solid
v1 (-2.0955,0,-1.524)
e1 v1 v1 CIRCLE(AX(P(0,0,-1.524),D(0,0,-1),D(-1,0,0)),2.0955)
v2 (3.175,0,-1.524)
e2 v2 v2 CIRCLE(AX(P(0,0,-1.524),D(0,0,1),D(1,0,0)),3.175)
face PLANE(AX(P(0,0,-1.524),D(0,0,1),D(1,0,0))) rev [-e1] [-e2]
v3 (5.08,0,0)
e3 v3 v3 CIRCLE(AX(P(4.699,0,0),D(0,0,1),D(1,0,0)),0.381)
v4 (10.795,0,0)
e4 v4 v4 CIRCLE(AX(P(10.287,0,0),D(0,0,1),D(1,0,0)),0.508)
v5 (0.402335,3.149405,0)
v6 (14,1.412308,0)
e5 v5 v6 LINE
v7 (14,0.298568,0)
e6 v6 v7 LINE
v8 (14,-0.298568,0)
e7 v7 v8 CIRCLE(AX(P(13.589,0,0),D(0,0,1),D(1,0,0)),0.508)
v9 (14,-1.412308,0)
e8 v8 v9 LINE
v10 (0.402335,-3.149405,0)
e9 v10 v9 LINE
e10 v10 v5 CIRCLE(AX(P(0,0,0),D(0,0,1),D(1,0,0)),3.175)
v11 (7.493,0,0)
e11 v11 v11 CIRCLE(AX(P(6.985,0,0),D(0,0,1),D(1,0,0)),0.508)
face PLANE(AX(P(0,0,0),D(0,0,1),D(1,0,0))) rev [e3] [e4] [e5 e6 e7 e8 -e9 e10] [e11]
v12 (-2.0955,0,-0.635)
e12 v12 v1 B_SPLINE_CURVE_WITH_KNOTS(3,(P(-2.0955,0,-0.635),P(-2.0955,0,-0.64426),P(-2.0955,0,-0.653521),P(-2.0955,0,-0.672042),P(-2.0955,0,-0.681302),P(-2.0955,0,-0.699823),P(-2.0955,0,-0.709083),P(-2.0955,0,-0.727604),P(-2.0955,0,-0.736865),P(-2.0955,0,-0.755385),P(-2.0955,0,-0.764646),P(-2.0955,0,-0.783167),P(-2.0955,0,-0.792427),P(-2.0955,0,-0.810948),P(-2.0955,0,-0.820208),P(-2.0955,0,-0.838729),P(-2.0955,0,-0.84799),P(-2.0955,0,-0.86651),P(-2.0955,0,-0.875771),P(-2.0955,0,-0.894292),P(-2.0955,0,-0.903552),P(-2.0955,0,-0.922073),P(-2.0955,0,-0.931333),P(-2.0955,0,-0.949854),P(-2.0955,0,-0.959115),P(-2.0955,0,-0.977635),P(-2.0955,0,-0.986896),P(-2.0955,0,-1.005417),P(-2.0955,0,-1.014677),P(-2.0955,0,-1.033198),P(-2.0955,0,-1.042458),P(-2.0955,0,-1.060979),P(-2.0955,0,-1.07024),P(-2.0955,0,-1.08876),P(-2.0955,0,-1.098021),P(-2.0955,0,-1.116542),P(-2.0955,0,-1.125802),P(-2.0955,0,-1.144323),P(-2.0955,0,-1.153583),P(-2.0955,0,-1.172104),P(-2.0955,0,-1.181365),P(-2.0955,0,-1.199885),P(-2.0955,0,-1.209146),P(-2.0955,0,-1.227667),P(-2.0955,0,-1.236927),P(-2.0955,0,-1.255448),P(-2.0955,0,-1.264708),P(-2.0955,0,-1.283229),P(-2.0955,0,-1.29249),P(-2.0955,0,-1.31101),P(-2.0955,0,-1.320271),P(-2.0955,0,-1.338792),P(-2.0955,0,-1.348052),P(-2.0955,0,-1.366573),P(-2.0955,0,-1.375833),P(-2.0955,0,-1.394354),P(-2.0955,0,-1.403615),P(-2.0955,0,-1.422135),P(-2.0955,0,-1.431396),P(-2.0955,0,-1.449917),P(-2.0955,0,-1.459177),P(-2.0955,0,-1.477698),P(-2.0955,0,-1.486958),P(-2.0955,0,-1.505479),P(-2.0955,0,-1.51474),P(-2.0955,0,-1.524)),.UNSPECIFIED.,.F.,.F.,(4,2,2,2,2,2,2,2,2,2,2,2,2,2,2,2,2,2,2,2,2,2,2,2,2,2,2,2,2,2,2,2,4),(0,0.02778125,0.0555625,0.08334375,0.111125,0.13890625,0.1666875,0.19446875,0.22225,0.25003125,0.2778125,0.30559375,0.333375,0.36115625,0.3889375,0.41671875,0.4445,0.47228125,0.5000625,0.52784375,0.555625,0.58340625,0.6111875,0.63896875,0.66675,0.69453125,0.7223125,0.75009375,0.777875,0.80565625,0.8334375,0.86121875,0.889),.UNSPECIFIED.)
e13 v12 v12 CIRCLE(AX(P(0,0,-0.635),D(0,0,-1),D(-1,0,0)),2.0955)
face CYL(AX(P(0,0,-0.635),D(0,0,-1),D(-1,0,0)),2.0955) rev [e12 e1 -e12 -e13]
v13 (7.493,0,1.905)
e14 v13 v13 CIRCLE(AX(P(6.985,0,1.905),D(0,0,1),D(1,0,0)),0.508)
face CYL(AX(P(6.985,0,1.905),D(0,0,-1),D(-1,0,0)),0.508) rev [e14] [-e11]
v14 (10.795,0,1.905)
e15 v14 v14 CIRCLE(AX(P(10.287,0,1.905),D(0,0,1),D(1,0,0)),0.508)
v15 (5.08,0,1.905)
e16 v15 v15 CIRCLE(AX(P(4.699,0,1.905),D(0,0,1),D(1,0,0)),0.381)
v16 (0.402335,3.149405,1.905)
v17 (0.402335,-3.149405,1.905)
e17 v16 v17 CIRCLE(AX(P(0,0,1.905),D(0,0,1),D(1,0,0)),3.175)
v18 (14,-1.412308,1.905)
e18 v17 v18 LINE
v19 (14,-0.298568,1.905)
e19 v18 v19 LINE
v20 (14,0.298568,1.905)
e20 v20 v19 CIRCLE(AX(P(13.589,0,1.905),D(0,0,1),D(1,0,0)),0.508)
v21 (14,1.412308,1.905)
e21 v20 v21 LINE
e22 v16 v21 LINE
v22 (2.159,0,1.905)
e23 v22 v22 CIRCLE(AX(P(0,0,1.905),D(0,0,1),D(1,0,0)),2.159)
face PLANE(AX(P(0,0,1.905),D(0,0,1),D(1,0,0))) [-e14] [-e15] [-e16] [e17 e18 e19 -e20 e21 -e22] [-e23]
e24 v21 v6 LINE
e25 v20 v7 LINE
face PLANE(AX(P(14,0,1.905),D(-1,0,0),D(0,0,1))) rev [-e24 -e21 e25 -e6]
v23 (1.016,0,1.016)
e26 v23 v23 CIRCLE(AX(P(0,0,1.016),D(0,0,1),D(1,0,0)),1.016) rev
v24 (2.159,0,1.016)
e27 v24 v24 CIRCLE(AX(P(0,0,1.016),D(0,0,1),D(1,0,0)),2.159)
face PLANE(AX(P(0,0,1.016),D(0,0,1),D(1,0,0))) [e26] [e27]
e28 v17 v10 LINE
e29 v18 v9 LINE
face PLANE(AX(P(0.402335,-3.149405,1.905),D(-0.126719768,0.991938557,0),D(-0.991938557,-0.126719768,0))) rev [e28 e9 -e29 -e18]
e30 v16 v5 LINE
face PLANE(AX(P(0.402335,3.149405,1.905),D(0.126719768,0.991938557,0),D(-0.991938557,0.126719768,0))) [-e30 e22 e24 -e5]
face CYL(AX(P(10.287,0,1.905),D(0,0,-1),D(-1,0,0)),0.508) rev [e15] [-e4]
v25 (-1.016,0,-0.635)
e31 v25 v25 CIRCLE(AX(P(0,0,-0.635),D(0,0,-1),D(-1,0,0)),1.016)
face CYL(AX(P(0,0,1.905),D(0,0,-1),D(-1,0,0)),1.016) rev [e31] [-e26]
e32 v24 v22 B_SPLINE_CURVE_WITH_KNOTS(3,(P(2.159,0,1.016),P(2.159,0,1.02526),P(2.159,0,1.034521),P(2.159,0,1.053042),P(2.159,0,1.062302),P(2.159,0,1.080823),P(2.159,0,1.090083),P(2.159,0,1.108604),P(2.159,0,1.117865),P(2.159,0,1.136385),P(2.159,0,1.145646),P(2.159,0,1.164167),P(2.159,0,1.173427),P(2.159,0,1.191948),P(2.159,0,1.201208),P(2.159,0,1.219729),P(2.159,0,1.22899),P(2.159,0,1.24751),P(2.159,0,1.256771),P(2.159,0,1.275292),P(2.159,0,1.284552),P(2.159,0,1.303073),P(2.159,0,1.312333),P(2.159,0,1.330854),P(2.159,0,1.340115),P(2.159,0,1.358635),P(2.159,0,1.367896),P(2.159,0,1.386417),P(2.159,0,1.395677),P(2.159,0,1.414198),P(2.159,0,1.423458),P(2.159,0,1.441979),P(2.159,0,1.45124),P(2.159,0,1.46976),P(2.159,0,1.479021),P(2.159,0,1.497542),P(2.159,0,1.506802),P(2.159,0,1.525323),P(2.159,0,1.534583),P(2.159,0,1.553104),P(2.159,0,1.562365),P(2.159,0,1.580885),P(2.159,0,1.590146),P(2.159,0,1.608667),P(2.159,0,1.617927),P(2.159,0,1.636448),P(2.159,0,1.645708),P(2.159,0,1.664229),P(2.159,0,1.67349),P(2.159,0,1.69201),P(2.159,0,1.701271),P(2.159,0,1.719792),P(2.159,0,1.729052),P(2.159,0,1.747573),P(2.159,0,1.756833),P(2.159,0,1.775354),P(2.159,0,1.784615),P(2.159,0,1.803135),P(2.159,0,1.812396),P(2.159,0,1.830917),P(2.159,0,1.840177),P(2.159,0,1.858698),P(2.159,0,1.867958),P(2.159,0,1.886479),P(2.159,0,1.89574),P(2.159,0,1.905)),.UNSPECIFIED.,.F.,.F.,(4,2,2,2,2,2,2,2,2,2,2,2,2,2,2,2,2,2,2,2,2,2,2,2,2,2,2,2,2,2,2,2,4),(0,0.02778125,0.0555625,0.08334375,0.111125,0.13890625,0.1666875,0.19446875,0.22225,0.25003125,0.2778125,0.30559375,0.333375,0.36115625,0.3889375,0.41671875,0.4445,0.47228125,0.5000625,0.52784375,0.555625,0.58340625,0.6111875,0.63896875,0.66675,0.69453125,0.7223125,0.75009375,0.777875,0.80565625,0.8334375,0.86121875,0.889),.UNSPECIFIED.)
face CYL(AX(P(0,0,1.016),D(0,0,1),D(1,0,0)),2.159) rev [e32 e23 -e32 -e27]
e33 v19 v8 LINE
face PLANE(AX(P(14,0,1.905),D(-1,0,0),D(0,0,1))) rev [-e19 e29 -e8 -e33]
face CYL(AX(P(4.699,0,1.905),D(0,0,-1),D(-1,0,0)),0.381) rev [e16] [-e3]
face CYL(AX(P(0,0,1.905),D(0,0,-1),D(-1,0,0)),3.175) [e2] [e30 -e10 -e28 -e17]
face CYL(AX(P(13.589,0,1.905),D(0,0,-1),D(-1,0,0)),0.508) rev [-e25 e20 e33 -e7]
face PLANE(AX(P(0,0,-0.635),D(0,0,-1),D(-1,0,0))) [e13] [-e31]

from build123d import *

# Parameters (mm, degrees)
SKETCH1_R               = 0.508
SKETCH1_R_2             = 0.381
SKETCH1_R_3             = 1.016
BOSS_EXTRUDE1_DEPTH     = 1.905
BOSS_EXTRUDE2_START     = -1.524
SKETCH1_3_R             = 3.175
SKETCH1_3_R_2           = 1.016
BOSS_EXTRUDE2_DEPTH     = 1.524
CUT_EXTRUDE1_START      = -0.889
SKETCH2_R               = 2.158999876
SKETCH2_R_2             = 1.016
CUT_EXTRUDE1_DEPTH      = 0.889
SKETCH4_R               = 2.095500003
SKETCH4_R_2             = 1.016
CUT_EXTRUDE2_DEPTH      = 0.889
CUT_EXTRUDE3_DEPTH      = 19.858264168
CUT_EXTRUDE3_DEPTH_BACK = 19.858264168
SKETCH5_R               = 0.508


with BuildPart() as part:
    # Sketch1 → Boss-Extrude1 (new body)
    with BuildSketch(Plane.XY):
        with BuildLine():
            Line((17.659400579, 0.944821475), (0.402335264, 3.149404918))
            ThreePointArc((0.402335264, 3.149404918), (-3.175, 0), (0.402335264, -3.149404918))
            Line((0.402335264, -3.149404918), (17.659400579, -0.944821475))
            ThreePointArc((17.659400579, -0.944821475), (18.4912, 0), (17.659400579, 0.944821475))
        make_face()
        with Locations((16.891, 0)):
            Circle(SKETCH1_R, mode=Mode.SUBTRACT)
        with Locations((4.699, 0)):
            Circle(SKETCH1_R_2, mode=Mode.SUBTRACT)
        with Locations((6.985, 0)):
            Circle(SKETCH1_R, mode=Mode.SUBTRACT)
        with Locations((10.287, 0)):
            Circle(SKETCH1_R, mode=Mode.SUBTRACT)
        with Locations((13.589, 0)):
            Circle(SKETCH1_R, mode=Mode.SUBTRACT)
        Circle(SKETCH1_R_3, mode=Mode.SUBTRACT)
    extrude(amount=BOSS_EXTRUDE1_DEPTH)

    # Sketch1<3> → Boss-Extrude2 (add)
    with BuildSketch(Plane.XY.offset(BOSS_EXTRUDE2_START)):
        with Locations(Location((0, 0, 0), (0, 0, 82.719918909))):
            Circle(SKETCH1_3_R)
        Circle(SKETCH1_3_R_2, mode=Mode.SUBTRACT)
    extrude(amount=BOSS_EXTRUDE2_DEPTH)

    # Sketch2 → Cut-Extrude1 (cut)
    with BuildSketch(Plane.XY.offset(1.905).offset(CUT_EXTRUDE1_START)):
        Circle(SKETCH2_R)
        Circle(SKETCH2_R_2, mode=Mode.SUBTRACT)
    extrude(amount=CUT_EXTRUDE1_DEPTH, mode=Mode.SUBTRACT)

    # Sketch4 → Cut-Extrude2 (cut)
    with BuildSketch(Plane(origin=(0, 0, -1.524), x_dir=(-1, 0, 0), z_dir=(0, 0, -1))):
        Circle(SKETCH4_R)
        Circle(SKETCH4_R_2, mode=Mode.SUBTRACT)
    extrude(amount=-CUT_EXTRUDE2_DEPTH, mode=Mode.SUBTRACT)

    # Sketch5 → Cut-Extrude3 (cut, two sides: drawn at the far end of the back side and taken through both)
    # profile 1 of 2: a face of its own
    with BuildSketch(Plane(origin=(0, 0, 0), x_dir=(-1, 0, 0), z_dir=(0, 0, -1)).offset(-CUT_EXTRUDE3_DEPTH_BACK)):
        with BuildLine():
            Line((-17.659400579, -0.944821475), (-14, -1.412308489))
            Line((-14, -1.412308489), (-14, -0.29856825))
            ThreePointArc((-14, -0.29856825), (-14.097, 0), (-14, 0.29856825))
            Line((-14, 0.29856825), (-14, 1.412308489))
            Line((-14, 1.412308489), (-17.659400579, 0.944821475))
            ThreePointArc((-17.659400579, 0.944821475), (-18.4912, 0), (-17.659400579, -0.944821475))
        make_face()
        with Locations((-16.891, 0)):
            Circle(SKETCH5_R, mode=Mode.SUBTRACT)
    # profile 2 of 2: a face of its own
    with BuildSketch(Plane(origin=(0, 0, 0), x_dir=(-1, 0, 0), z_dir=(0, 0, -1)).offset(-CUT_EXTRUDE3_DEPTH_BACK)):
        with Locations((-16.891, 0)):
            Circle(SKETCH5_R)
    extrude(amount=CUT_EXTRUDE3_DEPTH + CUT_EXTRUDE3_DEPTH_BACK, mode=Mode.SUBTRACT)


solid = part.part
